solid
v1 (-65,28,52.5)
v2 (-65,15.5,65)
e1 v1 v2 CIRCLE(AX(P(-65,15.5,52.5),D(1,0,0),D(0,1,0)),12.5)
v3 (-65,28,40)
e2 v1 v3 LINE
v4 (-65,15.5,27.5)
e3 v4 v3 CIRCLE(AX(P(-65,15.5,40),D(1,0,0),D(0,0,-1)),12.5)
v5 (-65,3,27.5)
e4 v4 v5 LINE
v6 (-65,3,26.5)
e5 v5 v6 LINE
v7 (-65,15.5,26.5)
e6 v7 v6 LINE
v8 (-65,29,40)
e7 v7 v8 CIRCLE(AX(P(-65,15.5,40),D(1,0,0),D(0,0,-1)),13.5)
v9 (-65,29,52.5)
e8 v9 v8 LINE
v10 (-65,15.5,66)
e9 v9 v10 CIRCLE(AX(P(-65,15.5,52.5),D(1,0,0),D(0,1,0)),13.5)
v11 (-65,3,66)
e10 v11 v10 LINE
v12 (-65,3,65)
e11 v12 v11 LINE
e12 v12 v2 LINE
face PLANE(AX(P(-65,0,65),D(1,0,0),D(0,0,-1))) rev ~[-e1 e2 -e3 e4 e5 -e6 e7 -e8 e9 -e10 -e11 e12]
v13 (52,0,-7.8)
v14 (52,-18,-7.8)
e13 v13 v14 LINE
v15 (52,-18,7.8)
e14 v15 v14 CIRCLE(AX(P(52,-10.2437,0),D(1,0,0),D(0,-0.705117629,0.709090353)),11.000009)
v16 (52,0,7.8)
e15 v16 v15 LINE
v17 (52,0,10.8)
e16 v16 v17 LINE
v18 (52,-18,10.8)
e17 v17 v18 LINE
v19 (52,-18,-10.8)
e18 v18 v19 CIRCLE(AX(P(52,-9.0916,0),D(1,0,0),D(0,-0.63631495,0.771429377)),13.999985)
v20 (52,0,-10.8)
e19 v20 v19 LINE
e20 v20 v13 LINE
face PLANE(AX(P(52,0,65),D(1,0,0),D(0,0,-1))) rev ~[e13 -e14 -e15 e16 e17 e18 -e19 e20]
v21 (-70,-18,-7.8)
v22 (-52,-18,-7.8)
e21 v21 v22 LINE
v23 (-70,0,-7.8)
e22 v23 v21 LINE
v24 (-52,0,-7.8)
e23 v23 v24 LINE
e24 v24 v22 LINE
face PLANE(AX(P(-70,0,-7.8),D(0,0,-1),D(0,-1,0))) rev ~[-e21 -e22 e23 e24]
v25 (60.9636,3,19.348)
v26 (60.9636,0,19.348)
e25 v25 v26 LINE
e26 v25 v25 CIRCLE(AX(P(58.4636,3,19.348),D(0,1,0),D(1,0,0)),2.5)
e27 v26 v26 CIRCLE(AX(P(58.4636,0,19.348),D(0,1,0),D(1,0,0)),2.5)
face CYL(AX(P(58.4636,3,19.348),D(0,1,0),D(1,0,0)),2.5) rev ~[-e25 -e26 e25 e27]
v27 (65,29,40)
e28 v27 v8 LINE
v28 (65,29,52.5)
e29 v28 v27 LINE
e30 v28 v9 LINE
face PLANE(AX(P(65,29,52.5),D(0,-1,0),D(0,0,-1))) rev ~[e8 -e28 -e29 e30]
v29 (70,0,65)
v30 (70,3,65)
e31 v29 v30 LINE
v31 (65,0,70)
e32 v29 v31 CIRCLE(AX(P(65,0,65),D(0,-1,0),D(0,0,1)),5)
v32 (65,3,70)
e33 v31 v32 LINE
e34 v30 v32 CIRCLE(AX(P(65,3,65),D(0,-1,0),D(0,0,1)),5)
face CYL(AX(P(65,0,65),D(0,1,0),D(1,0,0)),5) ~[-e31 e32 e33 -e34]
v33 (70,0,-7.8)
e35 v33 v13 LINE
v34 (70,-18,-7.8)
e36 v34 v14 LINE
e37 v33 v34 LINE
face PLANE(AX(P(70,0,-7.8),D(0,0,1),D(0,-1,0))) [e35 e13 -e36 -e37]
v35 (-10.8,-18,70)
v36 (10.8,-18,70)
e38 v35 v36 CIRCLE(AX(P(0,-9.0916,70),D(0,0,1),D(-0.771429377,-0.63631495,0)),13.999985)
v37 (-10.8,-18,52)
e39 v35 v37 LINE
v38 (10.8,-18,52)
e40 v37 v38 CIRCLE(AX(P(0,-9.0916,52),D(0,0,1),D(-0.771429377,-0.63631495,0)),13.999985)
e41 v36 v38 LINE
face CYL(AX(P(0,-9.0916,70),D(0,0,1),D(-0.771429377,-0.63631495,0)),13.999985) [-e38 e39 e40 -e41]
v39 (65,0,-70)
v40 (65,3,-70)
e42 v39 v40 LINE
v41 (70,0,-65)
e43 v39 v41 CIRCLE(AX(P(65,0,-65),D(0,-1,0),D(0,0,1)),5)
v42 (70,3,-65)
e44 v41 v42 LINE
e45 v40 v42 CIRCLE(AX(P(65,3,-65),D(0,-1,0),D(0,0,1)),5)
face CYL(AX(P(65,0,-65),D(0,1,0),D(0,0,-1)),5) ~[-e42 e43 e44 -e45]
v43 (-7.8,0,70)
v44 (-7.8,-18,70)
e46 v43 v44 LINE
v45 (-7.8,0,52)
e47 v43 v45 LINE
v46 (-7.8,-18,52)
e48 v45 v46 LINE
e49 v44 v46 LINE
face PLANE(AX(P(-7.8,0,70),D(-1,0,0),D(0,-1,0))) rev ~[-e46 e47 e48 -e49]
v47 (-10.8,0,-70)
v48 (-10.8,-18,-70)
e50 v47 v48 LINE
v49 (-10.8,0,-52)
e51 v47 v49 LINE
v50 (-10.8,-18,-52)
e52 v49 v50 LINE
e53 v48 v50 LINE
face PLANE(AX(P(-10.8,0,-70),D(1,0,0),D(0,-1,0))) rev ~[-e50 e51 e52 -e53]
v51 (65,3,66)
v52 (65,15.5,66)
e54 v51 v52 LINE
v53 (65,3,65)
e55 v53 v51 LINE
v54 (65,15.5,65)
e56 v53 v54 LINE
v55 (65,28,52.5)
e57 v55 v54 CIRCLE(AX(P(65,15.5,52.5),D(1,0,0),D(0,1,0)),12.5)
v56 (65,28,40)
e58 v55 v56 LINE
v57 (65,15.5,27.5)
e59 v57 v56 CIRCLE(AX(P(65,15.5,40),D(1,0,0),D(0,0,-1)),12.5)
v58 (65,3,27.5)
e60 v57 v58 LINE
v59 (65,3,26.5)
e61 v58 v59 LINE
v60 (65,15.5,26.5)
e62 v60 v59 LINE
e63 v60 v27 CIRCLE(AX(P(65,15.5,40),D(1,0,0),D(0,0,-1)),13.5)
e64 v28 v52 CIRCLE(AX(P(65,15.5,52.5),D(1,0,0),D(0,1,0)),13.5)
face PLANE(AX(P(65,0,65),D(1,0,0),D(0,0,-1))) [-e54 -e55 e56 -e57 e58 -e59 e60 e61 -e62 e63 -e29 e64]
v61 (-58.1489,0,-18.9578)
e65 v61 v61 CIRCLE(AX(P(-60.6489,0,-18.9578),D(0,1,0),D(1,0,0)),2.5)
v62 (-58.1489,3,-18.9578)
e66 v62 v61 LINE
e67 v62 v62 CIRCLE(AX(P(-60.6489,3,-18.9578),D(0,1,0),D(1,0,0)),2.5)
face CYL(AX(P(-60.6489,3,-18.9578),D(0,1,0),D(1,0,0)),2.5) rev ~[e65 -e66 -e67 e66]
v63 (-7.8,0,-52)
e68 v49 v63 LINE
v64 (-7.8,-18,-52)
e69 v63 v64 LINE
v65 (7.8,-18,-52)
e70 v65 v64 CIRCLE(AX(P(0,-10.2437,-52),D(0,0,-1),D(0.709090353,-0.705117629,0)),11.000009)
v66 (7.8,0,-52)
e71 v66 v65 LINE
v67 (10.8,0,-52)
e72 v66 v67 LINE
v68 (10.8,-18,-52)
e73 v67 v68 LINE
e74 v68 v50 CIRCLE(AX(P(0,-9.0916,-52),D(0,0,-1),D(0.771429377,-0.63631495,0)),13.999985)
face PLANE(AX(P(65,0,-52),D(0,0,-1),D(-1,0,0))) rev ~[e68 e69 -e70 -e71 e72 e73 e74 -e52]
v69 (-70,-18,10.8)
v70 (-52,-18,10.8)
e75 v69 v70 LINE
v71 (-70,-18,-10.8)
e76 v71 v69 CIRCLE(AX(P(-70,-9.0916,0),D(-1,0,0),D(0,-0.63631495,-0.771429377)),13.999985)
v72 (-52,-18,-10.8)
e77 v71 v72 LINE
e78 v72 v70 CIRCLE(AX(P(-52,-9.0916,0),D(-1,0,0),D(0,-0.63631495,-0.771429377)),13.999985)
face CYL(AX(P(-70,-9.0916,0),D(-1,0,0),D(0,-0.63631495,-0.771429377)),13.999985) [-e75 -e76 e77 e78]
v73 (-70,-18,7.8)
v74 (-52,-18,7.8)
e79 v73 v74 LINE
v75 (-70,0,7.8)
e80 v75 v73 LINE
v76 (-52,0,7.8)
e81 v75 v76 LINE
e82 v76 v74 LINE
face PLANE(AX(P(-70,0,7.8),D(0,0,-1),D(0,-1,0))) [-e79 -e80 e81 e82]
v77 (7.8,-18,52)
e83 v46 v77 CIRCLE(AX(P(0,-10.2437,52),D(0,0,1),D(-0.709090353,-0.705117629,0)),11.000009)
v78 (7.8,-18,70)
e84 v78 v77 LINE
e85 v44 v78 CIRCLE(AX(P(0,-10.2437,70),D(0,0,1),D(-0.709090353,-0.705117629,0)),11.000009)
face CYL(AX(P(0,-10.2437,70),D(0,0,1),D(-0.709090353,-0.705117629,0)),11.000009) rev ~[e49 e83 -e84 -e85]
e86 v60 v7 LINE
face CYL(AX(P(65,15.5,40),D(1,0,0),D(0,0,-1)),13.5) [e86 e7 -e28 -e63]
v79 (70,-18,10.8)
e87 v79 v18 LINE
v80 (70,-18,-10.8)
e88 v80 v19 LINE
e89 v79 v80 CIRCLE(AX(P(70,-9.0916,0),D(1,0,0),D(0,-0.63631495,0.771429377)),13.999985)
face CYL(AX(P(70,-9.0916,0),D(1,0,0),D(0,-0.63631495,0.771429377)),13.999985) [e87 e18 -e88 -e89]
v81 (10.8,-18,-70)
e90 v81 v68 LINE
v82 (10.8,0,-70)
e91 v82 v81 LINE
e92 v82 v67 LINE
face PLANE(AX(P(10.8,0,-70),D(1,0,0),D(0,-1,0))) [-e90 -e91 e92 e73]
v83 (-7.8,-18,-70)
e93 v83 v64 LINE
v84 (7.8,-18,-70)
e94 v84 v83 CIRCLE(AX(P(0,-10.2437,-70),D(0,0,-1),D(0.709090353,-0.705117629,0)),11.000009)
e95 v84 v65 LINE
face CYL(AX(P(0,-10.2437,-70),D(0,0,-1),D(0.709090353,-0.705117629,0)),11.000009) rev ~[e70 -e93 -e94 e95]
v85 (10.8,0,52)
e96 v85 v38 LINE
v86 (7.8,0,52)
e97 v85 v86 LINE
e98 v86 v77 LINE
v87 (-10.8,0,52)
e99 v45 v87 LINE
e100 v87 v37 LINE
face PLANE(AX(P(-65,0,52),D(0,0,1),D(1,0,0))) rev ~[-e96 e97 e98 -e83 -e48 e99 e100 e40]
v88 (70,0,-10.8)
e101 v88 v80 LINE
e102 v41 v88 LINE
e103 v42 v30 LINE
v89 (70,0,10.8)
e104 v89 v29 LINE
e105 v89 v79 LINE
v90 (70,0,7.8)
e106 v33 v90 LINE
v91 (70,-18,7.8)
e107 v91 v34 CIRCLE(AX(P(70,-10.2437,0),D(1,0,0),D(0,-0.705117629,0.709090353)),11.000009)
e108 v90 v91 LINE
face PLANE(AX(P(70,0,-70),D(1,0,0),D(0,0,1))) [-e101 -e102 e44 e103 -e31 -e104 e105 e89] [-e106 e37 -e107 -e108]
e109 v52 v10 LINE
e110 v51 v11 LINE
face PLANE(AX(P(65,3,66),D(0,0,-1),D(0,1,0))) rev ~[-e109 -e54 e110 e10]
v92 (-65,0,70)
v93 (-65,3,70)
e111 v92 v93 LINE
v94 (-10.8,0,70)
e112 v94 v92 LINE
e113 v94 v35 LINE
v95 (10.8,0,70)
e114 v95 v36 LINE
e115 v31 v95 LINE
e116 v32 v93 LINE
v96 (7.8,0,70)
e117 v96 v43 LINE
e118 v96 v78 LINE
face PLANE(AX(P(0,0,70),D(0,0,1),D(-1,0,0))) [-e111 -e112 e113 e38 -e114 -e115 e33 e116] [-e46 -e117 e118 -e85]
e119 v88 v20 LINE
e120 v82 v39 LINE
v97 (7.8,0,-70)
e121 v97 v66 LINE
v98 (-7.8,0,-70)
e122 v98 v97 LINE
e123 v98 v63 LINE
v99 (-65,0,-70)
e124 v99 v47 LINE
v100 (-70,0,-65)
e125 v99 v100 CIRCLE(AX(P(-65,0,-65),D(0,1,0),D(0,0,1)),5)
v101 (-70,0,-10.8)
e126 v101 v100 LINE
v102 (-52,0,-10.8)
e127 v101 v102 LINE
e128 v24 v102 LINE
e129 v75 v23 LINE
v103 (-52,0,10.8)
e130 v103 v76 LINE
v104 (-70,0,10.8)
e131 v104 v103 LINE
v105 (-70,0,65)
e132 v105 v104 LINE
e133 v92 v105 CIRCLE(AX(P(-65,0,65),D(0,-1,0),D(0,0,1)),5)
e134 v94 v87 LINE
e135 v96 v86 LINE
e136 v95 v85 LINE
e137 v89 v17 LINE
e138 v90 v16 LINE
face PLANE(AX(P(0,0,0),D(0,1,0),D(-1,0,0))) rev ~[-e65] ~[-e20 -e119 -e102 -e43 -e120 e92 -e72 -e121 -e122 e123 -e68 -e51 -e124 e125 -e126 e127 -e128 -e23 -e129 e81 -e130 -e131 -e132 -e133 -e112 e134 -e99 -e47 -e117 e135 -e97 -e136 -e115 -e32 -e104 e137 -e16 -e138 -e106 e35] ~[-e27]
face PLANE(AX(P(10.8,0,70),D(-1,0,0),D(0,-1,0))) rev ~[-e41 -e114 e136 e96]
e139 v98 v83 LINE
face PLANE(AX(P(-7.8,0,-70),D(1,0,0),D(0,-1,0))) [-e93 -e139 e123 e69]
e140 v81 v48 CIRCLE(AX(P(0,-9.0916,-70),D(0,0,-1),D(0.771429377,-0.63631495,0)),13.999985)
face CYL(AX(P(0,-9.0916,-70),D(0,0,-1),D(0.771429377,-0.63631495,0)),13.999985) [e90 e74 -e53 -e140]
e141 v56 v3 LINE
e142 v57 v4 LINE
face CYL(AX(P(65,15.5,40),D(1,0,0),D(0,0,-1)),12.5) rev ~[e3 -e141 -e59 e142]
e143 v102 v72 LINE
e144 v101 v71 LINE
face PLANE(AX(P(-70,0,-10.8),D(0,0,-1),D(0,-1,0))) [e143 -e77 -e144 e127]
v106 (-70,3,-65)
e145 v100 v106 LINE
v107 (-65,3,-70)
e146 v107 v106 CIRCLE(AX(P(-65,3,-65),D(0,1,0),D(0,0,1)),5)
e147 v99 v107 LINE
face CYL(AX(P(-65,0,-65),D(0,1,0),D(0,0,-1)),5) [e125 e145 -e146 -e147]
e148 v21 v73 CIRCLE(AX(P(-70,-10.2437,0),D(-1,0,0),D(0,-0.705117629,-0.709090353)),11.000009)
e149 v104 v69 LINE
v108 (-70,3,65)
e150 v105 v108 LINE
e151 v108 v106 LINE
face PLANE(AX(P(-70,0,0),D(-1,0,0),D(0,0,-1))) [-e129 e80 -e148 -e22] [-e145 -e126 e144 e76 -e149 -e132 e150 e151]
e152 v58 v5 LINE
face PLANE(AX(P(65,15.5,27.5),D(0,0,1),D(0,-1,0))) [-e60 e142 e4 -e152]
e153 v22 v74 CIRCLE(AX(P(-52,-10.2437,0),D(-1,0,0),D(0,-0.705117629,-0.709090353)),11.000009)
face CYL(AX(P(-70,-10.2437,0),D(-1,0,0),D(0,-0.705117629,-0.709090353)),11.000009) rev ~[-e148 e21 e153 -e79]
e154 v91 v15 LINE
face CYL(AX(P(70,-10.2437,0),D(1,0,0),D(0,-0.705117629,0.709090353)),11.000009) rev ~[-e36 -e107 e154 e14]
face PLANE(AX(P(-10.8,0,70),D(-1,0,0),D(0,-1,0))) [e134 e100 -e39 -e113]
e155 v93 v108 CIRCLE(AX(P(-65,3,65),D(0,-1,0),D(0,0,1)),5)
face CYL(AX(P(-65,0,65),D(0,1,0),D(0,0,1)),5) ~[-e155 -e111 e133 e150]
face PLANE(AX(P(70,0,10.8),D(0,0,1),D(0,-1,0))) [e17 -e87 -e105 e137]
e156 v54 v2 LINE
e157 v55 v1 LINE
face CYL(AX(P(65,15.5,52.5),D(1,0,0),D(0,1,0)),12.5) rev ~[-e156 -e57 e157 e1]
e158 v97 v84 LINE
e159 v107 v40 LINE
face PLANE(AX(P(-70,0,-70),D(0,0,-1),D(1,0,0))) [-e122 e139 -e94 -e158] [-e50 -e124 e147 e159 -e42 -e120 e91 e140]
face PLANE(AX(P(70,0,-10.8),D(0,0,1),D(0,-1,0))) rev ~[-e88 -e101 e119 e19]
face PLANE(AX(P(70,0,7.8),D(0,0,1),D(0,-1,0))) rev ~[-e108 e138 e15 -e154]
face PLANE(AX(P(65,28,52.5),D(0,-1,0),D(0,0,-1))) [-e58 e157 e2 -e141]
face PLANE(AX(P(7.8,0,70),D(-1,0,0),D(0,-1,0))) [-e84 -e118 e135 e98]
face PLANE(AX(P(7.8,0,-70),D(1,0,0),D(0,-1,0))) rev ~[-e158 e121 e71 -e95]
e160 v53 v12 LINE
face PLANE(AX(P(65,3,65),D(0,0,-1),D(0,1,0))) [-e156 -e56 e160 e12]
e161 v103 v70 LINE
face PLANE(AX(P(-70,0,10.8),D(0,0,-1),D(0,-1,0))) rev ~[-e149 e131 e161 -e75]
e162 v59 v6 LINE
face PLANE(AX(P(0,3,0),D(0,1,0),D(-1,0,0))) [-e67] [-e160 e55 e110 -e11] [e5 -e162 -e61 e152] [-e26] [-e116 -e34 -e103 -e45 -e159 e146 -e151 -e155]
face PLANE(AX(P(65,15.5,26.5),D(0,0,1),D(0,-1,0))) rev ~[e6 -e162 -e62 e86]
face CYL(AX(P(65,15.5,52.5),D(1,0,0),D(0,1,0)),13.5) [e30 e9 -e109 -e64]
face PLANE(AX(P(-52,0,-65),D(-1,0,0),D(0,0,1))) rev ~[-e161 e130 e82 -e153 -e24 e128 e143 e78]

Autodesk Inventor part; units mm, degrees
ref_plane "YZ Plane" through (0, 0, 0) normal (1, 0, 0) x (0, 1, 0)
ref_plane "XZ Plane" through (0, 0, 0) normal (0, 1, 0) x (-1, 0, 0)
sketch "Sketch1" plane through (0, 0, 0) normal (0, 1, 0) x (-1, 0, 0)
  line L0 (70, 0) -> (70, -70)
  line L1 (70, -70) -> (0, -70)
  line L2 (-70, 0) -> (-70, 70)
  line L3 (-70, 70) -> (0, 70)
  line L4 (0, 70) -> (70, 70)
  line L5 (70, 70) -> (70, 0)
  line L6 (0, -70) -> (-70, -70)
  line L7 (-70, -70) -> (-70, 0)
  point P0 (0, 0)
extrude "Extrusion1" add sketch "Sketch1" along normal blind 3
fillet "Fillet1" radius 5 3 edges at (70, 1.5, 70) (70, 1.5, -70) (-70, 1.5, 70)
fillet "Fillet2" radius 5 1 edges at (-70, 1.5, -70)
ref_plane "Work Plane1" through (65, 0, 65) normal (1, 0, 0) x (0, 0, -1)
sketch "Sketch5" plane through (65, 0, 65) normal (1, 0, 0) x (0, 0, -1)
  line L0 (0, 3) -> (0, 15.5)
  arc A0 (12.5, 28) -> (0, 15.5) centre (12.5, 15.5) ccw
  line L1 (12.5, 28) -> (25, 28)
  arc A1 (37.5, 15.5) -> (25, 28) centre (25, 15.5) ccw
  line L2 (37.5, 15.5) -> (37.5, 3)
  line L3 (0, 3) -> (130, 3) projected
  line L4 (0, 3) -> (-1, 3)
  line L5 (-5, 3) -> (0, 3) projected
  line L6 (-1, 3) -> (-1, 15.5)
  arc A2 (12.5, 29) -> (-1, 15.5) centre (12.5, 15.5) ccw
  line L7 (12.5, 29) -> (25, 29)
  arc A3 (38.5, 15.5) -> (25, 29) centre (25, 15.5) ccw
  line L8 (38.5, 15.5) -> (38.5, 3)
  line L9 (38.5, 3) -> (37.5, 3)
  line L10 (0, 3) -> (-1, 3)
  line L11 (0, 0) -> (0, 3) projected
  point P0 (65, 0)
  dimension "d9" = 12.5
  dimension "d11" = 12.5
  dimension "d12" = 1
extrude "Extrusion2" add sketch "Sketch5" against normal blind 130 contours L4 L6 A2 L7 A3 L8 L3 L2 A1 L1 A0 L0
sketch "Sketch6" plane through (70, 0, 65) normal (1, 0, 0) x (0, 0, -1)
  line L0 (65, 0) -> (57.2, 0)
  line L1 (130, 0) -> (0, 0) projected
  line L2 (65, 0) -> (72.8, 0)
  line L3 (57.2, 0) -> (57.2, -18)
  line L4 (72.8, 0) -> (72.8, -18)
  line L5 (65, 0) -> (65, -10)
  arc A0 (57.2, -18) -> (72.8, -18) centre (65, -10.2437) ccw
  line L6 (57.2, 0) -> (54.2, 0)
  line L7 (54.2, 0) -> (54.2, -18)
  line L8 (72.8, 0) -> (75.8, 0)
  line L9 (75.8, 0) -> (75.8, -18)
  arc A1 (54.2, -18) -> (75.8, -18) centre (65, -9.0916) ccw
  dimension "d17" = 18
  dimension "d21" = 3
  dimension "d22" = 3
extrude "Extrusion3" add sketch "Sketch6" against normal blind 18 contours L3 A0 L4 L1 L9 A1 L7
pattern_circular "Circular Pattern1" count 4 over 360 about axis through (0, -10, 0) along (0, 1, 0) of "Extrusion3"
sketch "Sketch8" plane through (0, 3, 0) normal (0, 1, 0) x (1, 0, 0)
  circle A0 centre (58.4636, -19.348) radius 2.5
  point P0 (0, 0)
  dimension "d35" = 5
extrude "Extrusion5" cut sketch "Sketch8" against normal blind 3
sketch "Sketch9" plane through (0, 3, 0) normal (0, 1, 0) x (1, 0, 0)
  circle A0 centre (-60.6489, 18.9578) radius 2.5
  point P0 (0, 0)
  dimension "d39" = 5
extrude "Extrusion6" cut sketch "Sketch9" against normal blind 3
properties part number "smallpart"
